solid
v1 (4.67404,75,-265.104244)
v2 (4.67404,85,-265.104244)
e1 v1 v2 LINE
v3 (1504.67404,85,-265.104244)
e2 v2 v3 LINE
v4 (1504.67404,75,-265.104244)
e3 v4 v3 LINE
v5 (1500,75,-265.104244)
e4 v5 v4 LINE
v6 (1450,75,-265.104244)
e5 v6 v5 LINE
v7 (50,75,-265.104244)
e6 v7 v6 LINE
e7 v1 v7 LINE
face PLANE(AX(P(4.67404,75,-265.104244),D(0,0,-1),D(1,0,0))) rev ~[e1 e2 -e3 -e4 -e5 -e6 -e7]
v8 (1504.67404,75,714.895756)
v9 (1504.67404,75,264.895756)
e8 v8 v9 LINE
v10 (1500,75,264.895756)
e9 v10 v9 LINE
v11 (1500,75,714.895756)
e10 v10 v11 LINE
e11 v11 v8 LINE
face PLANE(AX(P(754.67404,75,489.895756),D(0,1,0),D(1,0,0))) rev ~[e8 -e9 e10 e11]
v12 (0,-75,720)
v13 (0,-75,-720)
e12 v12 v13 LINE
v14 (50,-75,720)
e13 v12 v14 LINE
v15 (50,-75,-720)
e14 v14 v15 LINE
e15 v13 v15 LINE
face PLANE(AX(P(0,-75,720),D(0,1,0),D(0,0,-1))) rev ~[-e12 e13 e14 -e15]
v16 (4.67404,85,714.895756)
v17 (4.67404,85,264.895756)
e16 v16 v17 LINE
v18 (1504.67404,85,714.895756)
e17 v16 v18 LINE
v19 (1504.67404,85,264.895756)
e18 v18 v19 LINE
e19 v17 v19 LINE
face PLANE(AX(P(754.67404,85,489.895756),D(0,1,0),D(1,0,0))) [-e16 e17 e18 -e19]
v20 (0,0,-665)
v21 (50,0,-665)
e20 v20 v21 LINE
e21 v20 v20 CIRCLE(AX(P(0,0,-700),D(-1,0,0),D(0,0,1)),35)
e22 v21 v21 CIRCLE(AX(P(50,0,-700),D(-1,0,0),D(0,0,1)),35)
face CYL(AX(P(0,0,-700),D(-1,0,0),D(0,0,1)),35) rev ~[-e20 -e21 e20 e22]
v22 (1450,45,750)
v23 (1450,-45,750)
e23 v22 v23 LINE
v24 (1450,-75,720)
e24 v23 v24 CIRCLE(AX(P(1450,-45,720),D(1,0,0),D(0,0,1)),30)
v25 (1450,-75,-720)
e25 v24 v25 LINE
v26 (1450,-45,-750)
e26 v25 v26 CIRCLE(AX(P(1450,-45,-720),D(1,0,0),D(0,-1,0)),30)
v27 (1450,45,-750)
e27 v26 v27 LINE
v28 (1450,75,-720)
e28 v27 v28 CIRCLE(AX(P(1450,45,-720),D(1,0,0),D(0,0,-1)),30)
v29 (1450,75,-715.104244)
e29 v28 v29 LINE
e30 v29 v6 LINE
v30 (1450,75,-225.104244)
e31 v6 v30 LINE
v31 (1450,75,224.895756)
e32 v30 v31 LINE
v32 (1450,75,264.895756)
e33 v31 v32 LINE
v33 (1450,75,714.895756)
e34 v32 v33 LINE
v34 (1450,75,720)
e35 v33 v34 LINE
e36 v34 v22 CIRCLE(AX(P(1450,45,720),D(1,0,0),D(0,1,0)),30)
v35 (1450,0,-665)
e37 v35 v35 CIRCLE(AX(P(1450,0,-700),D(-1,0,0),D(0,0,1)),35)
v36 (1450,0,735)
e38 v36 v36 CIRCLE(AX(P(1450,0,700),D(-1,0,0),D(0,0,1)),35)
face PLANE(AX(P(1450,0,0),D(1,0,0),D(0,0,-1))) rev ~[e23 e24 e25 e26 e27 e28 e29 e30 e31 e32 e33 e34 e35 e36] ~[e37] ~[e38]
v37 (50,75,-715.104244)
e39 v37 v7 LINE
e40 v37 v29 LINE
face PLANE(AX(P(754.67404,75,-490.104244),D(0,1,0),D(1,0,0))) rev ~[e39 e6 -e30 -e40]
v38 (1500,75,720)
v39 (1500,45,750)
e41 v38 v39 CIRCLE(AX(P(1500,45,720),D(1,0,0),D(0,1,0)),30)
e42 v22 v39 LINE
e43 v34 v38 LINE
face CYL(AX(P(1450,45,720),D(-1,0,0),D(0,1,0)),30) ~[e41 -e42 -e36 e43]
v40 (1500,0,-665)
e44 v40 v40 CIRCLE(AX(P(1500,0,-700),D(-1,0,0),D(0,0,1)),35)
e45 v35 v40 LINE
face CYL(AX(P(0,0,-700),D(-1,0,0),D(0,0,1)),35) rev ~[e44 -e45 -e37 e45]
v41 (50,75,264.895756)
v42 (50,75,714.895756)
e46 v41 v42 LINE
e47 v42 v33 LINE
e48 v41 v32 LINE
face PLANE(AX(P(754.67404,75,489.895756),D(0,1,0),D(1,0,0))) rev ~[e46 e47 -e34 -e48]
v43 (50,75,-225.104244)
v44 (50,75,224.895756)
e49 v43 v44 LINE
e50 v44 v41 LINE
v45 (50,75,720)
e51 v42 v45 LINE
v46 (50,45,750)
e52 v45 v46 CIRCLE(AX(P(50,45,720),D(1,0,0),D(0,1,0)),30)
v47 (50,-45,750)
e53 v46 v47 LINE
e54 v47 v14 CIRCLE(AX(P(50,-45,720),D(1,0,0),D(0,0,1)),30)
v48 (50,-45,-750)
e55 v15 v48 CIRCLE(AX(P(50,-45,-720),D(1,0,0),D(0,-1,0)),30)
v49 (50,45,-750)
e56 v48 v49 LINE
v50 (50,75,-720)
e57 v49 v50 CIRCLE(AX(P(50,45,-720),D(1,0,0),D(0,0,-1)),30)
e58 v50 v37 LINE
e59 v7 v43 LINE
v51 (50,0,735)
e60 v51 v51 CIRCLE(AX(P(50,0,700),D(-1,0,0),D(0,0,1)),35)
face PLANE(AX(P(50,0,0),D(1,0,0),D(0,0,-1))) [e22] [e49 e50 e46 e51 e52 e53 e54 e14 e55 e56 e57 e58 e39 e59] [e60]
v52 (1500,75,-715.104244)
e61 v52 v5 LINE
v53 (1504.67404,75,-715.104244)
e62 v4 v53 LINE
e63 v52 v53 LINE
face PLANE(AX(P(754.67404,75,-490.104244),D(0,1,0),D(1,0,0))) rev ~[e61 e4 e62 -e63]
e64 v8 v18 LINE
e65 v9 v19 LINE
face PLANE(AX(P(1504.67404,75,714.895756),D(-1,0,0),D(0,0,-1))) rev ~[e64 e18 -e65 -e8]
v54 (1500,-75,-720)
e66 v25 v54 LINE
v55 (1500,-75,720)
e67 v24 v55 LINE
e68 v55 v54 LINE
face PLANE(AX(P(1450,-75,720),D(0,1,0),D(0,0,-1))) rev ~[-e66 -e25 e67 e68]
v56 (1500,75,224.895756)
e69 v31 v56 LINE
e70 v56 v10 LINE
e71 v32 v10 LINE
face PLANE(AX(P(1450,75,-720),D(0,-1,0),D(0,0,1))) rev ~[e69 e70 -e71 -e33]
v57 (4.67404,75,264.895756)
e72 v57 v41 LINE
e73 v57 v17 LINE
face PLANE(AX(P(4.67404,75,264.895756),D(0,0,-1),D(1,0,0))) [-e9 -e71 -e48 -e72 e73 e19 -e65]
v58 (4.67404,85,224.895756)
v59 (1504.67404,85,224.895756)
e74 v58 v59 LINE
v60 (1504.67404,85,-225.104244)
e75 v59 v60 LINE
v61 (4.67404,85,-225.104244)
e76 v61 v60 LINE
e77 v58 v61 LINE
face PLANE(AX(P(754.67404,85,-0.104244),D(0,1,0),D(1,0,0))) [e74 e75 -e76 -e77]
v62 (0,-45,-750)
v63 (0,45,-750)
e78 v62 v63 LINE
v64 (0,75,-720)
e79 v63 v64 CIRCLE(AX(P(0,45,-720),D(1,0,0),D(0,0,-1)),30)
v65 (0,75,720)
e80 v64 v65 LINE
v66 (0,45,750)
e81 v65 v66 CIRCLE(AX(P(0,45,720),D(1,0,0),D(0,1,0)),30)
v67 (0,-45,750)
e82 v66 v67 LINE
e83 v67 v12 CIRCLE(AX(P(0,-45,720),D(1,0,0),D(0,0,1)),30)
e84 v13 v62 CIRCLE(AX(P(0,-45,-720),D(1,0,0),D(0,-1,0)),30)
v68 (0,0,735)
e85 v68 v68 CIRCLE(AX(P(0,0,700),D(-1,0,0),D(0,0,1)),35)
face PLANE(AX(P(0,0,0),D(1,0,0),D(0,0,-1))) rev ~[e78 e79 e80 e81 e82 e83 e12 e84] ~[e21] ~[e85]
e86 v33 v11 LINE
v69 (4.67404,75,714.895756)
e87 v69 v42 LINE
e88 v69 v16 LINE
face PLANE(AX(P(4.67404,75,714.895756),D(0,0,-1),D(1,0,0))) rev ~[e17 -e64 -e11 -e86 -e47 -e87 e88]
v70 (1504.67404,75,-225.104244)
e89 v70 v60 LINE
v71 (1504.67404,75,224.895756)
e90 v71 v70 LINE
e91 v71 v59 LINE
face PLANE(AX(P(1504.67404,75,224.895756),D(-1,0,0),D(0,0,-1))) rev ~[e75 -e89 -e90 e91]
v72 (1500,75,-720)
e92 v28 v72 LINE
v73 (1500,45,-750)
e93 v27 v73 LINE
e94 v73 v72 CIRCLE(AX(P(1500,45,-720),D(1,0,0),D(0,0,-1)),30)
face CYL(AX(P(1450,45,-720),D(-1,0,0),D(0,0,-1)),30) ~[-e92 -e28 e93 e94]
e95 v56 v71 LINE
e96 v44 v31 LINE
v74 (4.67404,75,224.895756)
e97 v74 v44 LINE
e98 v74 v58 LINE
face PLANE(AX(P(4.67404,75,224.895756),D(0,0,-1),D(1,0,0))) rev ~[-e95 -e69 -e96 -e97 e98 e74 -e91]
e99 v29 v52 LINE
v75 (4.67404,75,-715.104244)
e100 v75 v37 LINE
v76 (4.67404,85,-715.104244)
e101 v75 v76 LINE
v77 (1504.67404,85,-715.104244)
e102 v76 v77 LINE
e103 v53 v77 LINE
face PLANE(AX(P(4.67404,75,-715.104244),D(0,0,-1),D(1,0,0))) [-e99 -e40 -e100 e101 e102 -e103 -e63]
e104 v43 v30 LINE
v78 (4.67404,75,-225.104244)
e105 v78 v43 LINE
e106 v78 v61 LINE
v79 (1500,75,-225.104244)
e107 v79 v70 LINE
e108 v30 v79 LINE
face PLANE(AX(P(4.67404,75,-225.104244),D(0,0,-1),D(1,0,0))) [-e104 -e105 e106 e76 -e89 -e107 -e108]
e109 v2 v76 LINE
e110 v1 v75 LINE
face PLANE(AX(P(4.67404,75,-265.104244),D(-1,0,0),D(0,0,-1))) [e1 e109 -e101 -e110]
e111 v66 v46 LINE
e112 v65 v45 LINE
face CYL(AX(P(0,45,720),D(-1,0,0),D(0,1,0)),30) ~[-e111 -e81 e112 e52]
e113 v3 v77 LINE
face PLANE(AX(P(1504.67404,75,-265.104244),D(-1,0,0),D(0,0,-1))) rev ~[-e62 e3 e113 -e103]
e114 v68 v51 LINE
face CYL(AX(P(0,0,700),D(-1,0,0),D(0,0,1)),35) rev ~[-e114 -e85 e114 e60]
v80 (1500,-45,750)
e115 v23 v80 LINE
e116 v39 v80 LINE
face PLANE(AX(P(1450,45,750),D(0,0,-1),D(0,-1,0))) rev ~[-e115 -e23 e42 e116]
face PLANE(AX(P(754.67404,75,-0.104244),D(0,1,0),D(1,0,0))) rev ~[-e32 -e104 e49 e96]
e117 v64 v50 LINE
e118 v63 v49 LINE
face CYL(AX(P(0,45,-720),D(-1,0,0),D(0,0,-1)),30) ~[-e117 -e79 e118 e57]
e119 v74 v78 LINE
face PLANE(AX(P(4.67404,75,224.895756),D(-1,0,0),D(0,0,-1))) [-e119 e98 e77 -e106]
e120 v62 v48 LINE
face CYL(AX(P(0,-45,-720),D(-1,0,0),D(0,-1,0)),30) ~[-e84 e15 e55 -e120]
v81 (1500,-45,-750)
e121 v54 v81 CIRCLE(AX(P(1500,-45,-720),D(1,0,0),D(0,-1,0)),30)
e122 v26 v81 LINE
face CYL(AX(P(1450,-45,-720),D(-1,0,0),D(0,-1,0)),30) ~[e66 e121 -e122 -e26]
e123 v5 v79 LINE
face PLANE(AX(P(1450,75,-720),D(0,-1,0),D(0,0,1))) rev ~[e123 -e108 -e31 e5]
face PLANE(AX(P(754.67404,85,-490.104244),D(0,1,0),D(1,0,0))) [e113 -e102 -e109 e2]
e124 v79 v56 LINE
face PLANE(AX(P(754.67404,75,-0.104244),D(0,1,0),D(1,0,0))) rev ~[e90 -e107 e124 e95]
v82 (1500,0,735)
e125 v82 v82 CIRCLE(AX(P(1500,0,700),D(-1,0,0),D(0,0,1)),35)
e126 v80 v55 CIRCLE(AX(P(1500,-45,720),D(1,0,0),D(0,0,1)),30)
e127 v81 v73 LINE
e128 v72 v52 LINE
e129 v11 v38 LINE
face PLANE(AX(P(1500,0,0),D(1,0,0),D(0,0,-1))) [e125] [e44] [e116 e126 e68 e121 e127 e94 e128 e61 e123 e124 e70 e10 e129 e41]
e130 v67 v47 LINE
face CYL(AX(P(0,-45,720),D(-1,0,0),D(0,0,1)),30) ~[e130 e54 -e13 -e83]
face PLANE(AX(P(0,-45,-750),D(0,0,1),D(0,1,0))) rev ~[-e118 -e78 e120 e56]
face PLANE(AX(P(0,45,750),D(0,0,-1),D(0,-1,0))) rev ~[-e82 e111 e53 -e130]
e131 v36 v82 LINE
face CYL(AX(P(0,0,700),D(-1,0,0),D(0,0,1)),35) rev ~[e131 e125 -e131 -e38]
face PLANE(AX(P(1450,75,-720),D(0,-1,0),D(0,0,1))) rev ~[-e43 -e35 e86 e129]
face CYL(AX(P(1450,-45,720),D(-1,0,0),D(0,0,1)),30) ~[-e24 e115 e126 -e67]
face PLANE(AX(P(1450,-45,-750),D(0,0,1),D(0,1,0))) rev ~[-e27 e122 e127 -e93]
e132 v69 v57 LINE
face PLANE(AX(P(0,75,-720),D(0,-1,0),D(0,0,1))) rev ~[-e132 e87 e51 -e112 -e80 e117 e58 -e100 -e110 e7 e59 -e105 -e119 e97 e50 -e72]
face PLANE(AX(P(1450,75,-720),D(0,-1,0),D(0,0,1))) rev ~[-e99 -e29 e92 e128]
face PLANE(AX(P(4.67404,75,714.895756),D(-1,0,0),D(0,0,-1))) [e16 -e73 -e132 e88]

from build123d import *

# Parameters (mm, degrees)
BOSS_EXTRUDE1_DEPTH = 50
SKETCH2_W           = 1500
SKETCH2_H           = 450
BOSS_EXTRUDE2_DEPTH = 10
LPATTERN1_COUNT     = 2
LPATTERN1_PITCH     = 1450
LPATTERN2_COUNT     = 3
LPATTERN2_PITCH     = 490
CUT_EXTRUDE1_REACH  = 1685.38
SKETCH3_R           = 35


with BuildPart() as part:
    # Sketch1 → Boss-Extrude1 (new body)
    with BuildSketch(Plane(origin=(0, 0, 0), x_dir=(0, 0, -1), z_dir=(1, 0, 0))):
        with BuildLine():
            Line((-720, -75), (720, -75))
            ThreePointArc((720, -75), (741.213203436, -66.213203436), (750, -45))
            Line((750, -45), (750, 45))
            ThreePointArc((750, 45), (741.213203436, 66.213203436), (720, 75))
            Line((720, 75), (-720, 75))
            ThreePointArc((-720, 75), (-741.213203436, 66.213203436), (-750, 45))
            Line((-750, 45), (-750, -45))
            ThreePointArc((-750, -45), (-741.213203436, -66.213203436), (-720, -75))
        make_face()
    boss_extrude1 = extrude(amount=BOSS_EXTRUDE1_DEPTH)

    # Sketch2 → Boss-Extrude2 (add)
    with BuildSketch(Plane(origin=(0, 75, 0), x_dir=(1, 0, 0), z_dir=(0, 1, 0))):
        with Locations((754.674039581, 490.104243835)):
            Rectangle(SKETCH2_W, SKETCH2_H)
    boss_extrude2 = extrude(amount=BOSS_EXTRUDE2_DEPTH)

    # LPattern1: Boss-Extrude1 ×2
    with Locations(*[(i * LPATTERN1_PITCH, 0, 0) for i in range(1, LPATTERN1_COUNT)]):
        add(boss_extrude1)

    # LPattern2: Boss-Extrude2 ×3
    with Locations(*[(0, 0, i * LPATTERN2_PITCH) for i in range(1, LPATTERN2_COUNT)]):
        add(boss_extrude2)

    # Cut-Extrude1: up to this face of the body (flat: up to its plane)
    cut_extrude1_end = Plane(part.part.faces().sort_by_distance((1500, 0, 0))[0])
    # Sketch3 → Cut-Extrude1 (cut, up to the picked face)
    with BuildSketch(Plane.ZY, mode=Mode.PRIVATE) as cut_extrude1_sk1:
        with Locations((-700, 0)):
            Circle(SKETCH3_R)
    cut_extrude1_tool1 = split(extrude(cut_extrude1_sk1.sketch, amount=-CUT_EXTRUDE1_REACH, mode=Mode.PRIVATE), bisect_by=cut_extrude1_end, keep=Keep.BOTH, mode=Mode.PRIVATE)
    # Sketch3 → Cut-Extrude1 (cut, up to the picked face)
    with BuildSketch(Plane.ZY, mode=Mode.PRIVATE) as cut_extrude1_sk2:
        with Locations((700, 0)):
            Circle(SKETCH3_R)
    cut_extrude1_tool2 = split(extrude(cut_extrude1_sk2.sketch, amount=-CUT_EXTRUDE1_REACH, mode=Mode.PRIVATE), bisect_by=cut_extrude1_end, keep=Keep.BOTH, mode=Mode.PRIVATE)
    add(cut_extrude1_tool1.solids().sort_by(Axis((0, 0, -700), (1, 0, 0)))[0], mode=Mode.SUBTRACT)
    add(cut_extrude1_tool2.solids().sort_by(Axis((0, 0, 700), (1, 0, 0)))[0], mode=Mode.SUBTRACT)


solid = part.part
